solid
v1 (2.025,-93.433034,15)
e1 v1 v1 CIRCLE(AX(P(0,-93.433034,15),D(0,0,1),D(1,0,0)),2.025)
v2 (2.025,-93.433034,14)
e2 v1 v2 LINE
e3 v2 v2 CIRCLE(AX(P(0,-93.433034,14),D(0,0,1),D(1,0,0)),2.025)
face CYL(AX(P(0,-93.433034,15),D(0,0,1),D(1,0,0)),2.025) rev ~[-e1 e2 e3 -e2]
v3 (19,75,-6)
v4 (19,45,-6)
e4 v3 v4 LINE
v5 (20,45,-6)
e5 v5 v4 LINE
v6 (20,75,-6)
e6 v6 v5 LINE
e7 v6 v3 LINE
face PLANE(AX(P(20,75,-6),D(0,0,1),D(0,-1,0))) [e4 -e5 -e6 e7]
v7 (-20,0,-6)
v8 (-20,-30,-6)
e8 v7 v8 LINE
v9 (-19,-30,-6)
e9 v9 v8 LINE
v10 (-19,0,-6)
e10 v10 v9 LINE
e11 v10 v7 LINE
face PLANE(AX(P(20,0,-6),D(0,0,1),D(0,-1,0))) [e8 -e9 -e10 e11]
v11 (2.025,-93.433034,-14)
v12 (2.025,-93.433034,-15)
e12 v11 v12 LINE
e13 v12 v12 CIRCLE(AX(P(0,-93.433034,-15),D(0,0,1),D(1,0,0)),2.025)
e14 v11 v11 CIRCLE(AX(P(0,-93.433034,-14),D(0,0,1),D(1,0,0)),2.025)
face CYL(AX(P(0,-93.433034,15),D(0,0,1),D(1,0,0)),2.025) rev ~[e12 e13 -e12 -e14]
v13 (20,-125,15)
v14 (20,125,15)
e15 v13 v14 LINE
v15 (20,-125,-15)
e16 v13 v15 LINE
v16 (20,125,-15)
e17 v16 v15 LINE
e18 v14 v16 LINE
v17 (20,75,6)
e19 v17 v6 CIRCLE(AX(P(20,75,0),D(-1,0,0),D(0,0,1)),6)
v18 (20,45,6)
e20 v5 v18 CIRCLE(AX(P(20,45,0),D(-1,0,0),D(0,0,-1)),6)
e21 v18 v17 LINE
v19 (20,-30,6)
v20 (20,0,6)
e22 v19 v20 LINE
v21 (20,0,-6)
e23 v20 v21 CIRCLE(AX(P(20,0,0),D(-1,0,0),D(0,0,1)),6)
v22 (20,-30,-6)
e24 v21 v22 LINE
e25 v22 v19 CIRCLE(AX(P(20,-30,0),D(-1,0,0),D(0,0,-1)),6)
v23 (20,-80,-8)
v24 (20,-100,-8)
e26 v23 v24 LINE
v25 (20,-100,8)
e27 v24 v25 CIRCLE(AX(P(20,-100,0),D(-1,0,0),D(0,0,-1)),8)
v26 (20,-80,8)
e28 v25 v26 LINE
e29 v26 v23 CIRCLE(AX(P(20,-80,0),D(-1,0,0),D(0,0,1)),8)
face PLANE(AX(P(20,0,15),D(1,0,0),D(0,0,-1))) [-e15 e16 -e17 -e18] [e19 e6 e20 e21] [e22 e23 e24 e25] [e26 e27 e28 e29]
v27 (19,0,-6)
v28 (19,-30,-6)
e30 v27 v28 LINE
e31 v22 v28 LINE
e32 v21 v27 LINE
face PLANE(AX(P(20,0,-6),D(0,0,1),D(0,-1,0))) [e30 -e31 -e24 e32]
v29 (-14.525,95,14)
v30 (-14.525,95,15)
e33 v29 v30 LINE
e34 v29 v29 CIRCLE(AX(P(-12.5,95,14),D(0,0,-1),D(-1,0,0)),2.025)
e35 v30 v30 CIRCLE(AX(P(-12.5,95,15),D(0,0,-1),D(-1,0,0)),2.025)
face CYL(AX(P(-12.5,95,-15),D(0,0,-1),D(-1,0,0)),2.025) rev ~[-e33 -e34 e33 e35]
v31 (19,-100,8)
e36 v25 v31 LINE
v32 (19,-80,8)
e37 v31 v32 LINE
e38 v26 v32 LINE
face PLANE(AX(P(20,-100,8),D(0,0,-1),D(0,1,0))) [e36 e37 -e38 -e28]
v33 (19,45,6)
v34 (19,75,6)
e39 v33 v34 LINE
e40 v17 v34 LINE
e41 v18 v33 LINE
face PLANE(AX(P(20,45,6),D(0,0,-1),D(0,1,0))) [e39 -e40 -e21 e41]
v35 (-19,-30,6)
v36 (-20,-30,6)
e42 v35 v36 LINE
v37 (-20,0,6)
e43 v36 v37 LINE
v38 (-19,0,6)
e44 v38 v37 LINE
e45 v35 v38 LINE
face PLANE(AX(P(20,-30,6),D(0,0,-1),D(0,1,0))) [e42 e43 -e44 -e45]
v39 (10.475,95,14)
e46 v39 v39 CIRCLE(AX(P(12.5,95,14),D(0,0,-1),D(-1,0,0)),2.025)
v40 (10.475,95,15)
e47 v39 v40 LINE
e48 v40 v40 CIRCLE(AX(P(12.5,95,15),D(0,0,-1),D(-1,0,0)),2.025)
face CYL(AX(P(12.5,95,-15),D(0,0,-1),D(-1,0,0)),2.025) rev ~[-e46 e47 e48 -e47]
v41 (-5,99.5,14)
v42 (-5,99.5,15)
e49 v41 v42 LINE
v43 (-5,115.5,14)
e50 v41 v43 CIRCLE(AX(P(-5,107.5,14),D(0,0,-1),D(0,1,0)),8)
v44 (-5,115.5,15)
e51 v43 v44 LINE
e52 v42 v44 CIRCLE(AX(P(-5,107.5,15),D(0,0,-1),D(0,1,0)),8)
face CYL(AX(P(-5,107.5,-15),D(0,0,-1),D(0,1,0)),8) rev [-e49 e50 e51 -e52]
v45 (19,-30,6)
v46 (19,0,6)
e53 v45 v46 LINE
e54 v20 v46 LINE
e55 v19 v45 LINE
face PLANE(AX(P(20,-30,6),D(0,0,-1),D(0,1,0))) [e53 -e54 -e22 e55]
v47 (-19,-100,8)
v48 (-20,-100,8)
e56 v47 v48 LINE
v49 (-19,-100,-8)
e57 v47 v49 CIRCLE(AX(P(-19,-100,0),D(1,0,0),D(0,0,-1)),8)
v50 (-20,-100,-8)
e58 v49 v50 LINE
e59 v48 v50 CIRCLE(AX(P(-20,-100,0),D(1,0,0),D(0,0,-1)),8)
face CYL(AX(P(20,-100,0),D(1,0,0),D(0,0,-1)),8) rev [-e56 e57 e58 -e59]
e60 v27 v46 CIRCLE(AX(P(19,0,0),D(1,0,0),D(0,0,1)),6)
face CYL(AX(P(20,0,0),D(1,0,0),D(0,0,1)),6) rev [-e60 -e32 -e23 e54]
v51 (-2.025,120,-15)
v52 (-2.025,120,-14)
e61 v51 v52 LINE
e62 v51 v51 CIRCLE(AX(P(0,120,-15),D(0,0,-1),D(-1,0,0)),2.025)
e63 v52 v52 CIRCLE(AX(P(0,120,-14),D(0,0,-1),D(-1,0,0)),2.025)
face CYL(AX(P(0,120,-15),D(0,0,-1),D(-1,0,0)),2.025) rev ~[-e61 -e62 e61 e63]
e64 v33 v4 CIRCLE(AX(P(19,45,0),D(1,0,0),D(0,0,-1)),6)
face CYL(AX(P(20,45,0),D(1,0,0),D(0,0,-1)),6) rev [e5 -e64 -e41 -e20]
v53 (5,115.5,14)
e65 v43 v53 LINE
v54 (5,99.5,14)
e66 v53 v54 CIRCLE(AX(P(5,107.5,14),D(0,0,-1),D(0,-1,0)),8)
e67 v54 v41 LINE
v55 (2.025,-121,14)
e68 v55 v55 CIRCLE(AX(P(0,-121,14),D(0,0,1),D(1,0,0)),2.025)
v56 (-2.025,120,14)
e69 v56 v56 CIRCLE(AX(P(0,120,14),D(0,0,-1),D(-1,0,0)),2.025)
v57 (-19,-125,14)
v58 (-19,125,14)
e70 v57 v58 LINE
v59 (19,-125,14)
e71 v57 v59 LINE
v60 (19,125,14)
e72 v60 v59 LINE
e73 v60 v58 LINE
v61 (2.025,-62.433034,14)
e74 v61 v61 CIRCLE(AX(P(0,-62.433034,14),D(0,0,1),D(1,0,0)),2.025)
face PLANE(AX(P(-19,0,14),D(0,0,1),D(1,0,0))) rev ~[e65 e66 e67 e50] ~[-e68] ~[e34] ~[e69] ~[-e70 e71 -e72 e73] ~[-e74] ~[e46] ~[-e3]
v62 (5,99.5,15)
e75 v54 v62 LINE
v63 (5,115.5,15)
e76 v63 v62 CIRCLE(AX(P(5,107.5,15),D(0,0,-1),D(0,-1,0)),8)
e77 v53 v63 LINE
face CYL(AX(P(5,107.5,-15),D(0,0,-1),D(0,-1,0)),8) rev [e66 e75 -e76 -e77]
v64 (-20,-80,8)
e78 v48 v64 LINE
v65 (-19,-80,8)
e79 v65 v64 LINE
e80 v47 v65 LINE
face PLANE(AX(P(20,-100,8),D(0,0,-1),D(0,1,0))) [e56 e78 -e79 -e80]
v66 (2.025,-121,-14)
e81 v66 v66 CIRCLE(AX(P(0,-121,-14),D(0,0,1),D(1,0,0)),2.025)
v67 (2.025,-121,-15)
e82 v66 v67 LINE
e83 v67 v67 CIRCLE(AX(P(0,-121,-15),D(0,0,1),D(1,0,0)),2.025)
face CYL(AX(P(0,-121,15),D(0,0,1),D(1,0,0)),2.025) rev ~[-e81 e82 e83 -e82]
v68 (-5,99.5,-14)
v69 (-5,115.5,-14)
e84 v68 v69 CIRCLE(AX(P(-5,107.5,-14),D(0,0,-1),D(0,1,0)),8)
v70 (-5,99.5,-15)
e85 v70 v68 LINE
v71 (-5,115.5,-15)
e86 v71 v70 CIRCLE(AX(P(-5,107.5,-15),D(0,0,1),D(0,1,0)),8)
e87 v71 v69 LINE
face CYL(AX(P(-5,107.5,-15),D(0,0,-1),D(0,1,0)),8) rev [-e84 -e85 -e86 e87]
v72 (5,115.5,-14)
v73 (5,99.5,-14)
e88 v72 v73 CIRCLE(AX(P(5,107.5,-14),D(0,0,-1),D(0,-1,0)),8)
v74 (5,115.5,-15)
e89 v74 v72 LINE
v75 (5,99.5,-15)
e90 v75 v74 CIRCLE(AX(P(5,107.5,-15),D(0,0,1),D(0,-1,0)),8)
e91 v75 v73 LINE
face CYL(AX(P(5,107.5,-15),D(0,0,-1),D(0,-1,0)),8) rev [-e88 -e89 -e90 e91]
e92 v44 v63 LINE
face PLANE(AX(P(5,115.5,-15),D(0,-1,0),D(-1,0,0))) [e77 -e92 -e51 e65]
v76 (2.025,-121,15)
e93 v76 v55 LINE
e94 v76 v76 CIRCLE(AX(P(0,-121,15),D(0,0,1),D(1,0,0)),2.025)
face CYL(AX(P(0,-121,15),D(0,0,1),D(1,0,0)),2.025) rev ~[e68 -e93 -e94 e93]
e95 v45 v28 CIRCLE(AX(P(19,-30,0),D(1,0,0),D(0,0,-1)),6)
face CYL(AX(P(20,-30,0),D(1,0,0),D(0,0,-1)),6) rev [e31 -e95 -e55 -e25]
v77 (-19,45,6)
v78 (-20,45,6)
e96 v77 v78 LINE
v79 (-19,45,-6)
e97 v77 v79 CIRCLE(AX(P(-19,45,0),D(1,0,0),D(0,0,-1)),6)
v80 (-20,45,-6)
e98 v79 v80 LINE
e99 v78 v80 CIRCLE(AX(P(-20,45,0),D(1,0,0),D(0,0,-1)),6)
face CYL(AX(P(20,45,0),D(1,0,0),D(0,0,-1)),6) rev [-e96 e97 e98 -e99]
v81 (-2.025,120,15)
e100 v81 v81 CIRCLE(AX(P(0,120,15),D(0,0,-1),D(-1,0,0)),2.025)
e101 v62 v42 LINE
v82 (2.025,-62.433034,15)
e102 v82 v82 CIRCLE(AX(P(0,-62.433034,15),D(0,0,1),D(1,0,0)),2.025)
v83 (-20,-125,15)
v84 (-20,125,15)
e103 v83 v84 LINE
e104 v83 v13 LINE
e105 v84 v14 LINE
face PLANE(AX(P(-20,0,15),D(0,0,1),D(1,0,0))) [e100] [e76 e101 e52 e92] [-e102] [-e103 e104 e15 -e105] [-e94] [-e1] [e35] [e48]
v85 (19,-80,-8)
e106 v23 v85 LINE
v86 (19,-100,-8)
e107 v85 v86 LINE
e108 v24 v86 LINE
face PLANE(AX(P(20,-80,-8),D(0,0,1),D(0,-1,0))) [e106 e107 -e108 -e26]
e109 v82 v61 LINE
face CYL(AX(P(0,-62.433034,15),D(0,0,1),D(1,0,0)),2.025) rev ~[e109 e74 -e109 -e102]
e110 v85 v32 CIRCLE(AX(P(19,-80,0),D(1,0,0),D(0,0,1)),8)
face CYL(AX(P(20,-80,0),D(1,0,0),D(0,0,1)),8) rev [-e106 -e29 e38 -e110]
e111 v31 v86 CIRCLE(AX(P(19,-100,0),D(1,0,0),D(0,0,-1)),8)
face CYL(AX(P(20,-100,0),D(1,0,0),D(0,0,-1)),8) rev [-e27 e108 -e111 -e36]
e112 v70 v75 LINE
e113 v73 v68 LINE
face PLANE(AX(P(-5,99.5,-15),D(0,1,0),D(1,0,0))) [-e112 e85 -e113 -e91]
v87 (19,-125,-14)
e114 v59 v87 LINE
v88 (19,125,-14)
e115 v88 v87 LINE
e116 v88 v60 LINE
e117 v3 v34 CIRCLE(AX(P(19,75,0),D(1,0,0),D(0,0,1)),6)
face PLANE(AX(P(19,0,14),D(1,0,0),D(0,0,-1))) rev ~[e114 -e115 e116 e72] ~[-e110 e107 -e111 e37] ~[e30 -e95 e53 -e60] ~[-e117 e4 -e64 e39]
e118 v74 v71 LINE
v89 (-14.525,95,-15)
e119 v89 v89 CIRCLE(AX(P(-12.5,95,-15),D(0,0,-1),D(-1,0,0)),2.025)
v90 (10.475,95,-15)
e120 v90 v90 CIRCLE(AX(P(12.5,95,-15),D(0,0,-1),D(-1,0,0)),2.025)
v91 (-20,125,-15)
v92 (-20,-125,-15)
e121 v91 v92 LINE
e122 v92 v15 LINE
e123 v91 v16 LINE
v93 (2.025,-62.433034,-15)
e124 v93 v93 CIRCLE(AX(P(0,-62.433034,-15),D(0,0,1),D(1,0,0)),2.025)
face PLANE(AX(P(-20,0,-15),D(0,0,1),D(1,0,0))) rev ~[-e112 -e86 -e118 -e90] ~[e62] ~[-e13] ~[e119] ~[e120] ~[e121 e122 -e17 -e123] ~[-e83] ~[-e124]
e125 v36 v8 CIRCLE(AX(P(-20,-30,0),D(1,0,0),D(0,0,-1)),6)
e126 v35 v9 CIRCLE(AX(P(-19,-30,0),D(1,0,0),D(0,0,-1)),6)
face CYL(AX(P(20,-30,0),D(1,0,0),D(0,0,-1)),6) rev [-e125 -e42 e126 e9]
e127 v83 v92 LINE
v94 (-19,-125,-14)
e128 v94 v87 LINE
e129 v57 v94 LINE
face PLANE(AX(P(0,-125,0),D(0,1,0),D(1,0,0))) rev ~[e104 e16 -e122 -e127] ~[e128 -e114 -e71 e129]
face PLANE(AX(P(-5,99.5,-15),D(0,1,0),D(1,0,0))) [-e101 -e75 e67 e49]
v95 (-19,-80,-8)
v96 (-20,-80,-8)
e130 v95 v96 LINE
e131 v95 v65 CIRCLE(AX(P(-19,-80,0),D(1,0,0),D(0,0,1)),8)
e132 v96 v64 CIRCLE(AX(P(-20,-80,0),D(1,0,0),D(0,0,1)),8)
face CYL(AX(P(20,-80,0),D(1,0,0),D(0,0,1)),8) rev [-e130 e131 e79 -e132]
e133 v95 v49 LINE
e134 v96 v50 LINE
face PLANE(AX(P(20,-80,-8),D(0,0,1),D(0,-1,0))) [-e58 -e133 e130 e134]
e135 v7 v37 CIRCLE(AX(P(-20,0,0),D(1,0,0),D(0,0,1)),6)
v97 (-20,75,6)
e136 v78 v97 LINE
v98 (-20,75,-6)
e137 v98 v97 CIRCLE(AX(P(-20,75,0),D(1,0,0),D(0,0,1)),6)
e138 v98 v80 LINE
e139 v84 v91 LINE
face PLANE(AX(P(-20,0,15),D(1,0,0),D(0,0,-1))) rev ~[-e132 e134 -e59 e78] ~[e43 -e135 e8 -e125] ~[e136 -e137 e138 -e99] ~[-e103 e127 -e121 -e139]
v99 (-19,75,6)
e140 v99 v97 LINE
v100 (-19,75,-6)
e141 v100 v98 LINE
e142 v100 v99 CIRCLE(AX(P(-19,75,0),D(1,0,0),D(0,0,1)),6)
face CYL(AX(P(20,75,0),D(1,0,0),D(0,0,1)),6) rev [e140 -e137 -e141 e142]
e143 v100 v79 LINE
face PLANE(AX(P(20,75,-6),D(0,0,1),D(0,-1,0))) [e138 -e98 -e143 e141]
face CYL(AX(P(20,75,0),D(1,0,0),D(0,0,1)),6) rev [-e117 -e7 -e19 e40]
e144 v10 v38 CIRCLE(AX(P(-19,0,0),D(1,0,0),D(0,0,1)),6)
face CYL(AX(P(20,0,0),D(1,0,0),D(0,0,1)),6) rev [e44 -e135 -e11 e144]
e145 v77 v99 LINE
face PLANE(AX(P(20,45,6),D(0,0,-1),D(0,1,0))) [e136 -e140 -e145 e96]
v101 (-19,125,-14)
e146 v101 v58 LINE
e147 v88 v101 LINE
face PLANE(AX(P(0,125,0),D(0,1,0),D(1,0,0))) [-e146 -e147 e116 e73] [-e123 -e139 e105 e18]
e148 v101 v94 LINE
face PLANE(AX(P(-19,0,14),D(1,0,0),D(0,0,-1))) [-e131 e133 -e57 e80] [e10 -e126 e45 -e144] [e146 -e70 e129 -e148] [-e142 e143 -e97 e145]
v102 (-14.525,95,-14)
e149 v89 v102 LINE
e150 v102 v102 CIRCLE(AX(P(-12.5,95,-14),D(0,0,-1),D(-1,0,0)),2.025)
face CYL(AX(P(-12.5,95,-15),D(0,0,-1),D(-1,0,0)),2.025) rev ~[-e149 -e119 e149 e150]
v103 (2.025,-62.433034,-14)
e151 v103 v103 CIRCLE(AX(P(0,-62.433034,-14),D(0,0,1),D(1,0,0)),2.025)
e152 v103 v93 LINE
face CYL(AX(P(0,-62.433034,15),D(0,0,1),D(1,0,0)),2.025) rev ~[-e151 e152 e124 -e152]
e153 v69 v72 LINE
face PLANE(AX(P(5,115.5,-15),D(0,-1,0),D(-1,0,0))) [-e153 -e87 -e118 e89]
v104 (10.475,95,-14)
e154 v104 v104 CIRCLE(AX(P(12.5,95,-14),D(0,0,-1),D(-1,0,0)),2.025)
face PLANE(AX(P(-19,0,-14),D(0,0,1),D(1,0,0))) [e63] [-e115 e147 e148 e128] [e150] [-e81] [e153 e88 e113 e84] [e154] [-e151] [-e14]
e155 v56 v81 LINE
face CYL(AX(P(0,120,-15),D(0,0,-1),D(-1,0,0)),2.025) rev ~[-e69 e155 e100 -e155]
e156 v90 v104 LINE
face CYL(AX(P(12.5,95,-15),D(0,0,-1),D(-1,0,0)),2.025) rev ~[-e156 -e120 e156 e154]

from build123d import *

# Parameters (mm, degrees)
SKETCH_1_W               = 40
SKETCH_1_H               = 30
EXTRUDE_1_DEPTH          = 125
SKETCH_2_W               = 38
SKETCH_2_H               = 28
CUT_EXTRUDE_1_DEPTH      = 126
CUT_EXTRUDE_1_DEPTH_BACK = 126
SKETCH_3_R               = 2.025
CUT_EXTRUDE_2_DEPTH      = 1
CUT_EXTRUDE_2_DEPTH_BACK = 31
SKETCH_4_R               = 2.025
CUT_EXTRUDE_3_DEPTH      = 1
CUT_EXTRUDE_3_DEPTH_BACK = 31
CUT_EXTRUDE_4_DEPTH      = 1
CUT_EXTRUDE_4_DEPTH_BACK = 41
CUT_EXTRUDE_5_DEPTH      = 1
CUT_EXTRUDE_5_DEPTH_BACK = 31
CUT_EXTRUDE_6_DEPTH      = 1
CUT_EXTRUDE_6_DEPTH_BACK = 41


with BuildPart() as part:
    # 草图1 → 凸台-拉伸1 (new body, symmetric)
    with BuildSketch(Plane(origin=(0, 0, 0), x_dir=(1, 0, 0), z_dir=(0, 1, 0))):
        Rectangle(SKETCH_1_W, SKETCH_1_H)
    extrude(amount=EXTRUDE_1_DEPTH, both=True)

    # 草图2 → 切除-拉伸1 (cut, two sides)
    with BuildSketch(Plane(origin=(0, 0, 0), x_dir=(1, 0, 0), z_dir=(0, 1, 0))) as cut_extrude_1_sk:
        Rectangle(SKETCH_2_W, SKETCH_2_H)
    extrude(amount=CUT_EXTRUDE_1_DEPTH, mode=Mode.SUBTRACT)
    extrude(cut_extrude_1_sk.sketch, amount=-CUT_EXTRUDE_1_DEPTH_BACK, mode=Mode.SUBTRACT)

    # 草图3 → 切除-拉伸2 (cut, two sides)
    with BuildSketch(Plane.XY.offset(15)) as cut_extrude_2_sk:
        with Locations((0, -62.433034374)):
            Circle(SKETCH_3_R)
        with Locations((0, -93.433034374)):
            Circle(SKETCH_3_R)
        with Locations((0, -121)):
            Circle(SKETCH_3_R)
    extrude(amount=CUT_EXTRUDE_2_DEPTH, mode=Mode.SUBTRACT)
    extrude(cut_extrude_2_sk.sketch, amount=-CUT_EXTRUDE_2_DEPTH_BACK, mode=Mode.SUBTRACT)

    # 草图4 → 切除-拉伸3 (cut, two sides)
    with BuildSketch(Plane(origin=(0, 0, -15), x_dir=(-1, 0, 0), z_dir=(0, 0, -1))) as cut_extrude_3_sk:
        with Locations((0, 120)):
            Circle(SKETCH_4_R)
        with Locations((12.5, 95)):
            Circle(SKETCH_4_R)
        with Locations((-12.5, 95)):
            Circle(SKETCH_4_R)
    extrude(amount=CUT_EXTRUDE_3_DEPTH, mode=Mode.SUBTRACT)
    extrude(cut_extrude_3_sk.sketch, amount=-CUT_EXTRUDE_3_DEPTH_BACK, mode=Mode.SUBTRACT)

    # 草图5 → 切除-拉伸4 (cut, two sides)
    with BuildSketch(Plane(origin=(20, 0, 0), x_dir=(0, 0, -1), z_dir=(1, 0, 0))) as cut_extrude_4_sk:
        with BuildLine():
            Line((-8, -100), (-8, -80))
            ThreePointArc((-8, -80), (0, -72), (8, -80))
            Line((8, -80), (8, -100))
            ThreePointArc((8, -100), (0, -108), (-8, -100))
        make_face()
    extrude(amount=CUT_EXTRUDE_4_DEPTH, mode=Mode.SUBTRACT)
    extrude(cut_extrude_4_sk.sketch, amount=-CUT_EXTRUDE_4_DEPTH_BACK, mode=Mode.SUBTRACT)

    # 草图6 → 切除-拉伸5 (cut, two sides)
    with BuildSketch(Plane(origin=(0, 0, -15), x_dir=(-1, 0, 0), z_dir=(0, 0, -1))) as cut_extrude_5_sk:
        with BuildLine():
            Line((-5, 115.5), (5, 115.5))
            ThreePointArc((5, 115.5), (13, 107.5), (5, 99.5))
            Line((5, 99.5), (-5, 99.5))
            ThreePointArc((-5, 99.5), (-13, 107.5), (-5, 115.5))
        make_face()
    extrude(amount=CUT_EXTRUDE_5_DEPTH, mode=Mode.SUBTRACT)
    extrude(cut_extrude_5_sk.sketch, amount=-CUT_EXTRUDE_5_DEPTH_BACK, mode=Mode.SUBTRACT)

    # 草图7 → 切除-拉伸6 (cut, two sides)
    with BuildSketch(Plane(origin=(20, 0, 0), x_dir=(0, 0, -1), z_dir=(1, 0, 0))) as cut_extrude_6_sk:
        with BuildLine():
            Line((-6, 45), (-6, 75))
            ThreePointArc((-6, 75), (0, 81), (6, 75))
            Line((6, 75), (6, 45))
            ThreePointArc((6, 45), (0, 39), (-6, 45))
        make_face()
        with BuildLine():
            Line((-6, -30), (-6, 0))
            ThreePointArc((-6, 0), (0, 6), (6, 0))
            Line((6, 0), (6, -30))
            ThreePointArc((6, -30), (0, -36), (-6, -30))
        make_face()
    extrude(amount=CUT_EXTRUDE_6_DEPTH, mode=Mode.SUBTRACT)
    extrude(cut_extrude_6_sk.sketch, amount=-CUT_EXTRUDE_6_DEPTH_BACK, mode=Mode.SUBTRACT)


solid = part.part
